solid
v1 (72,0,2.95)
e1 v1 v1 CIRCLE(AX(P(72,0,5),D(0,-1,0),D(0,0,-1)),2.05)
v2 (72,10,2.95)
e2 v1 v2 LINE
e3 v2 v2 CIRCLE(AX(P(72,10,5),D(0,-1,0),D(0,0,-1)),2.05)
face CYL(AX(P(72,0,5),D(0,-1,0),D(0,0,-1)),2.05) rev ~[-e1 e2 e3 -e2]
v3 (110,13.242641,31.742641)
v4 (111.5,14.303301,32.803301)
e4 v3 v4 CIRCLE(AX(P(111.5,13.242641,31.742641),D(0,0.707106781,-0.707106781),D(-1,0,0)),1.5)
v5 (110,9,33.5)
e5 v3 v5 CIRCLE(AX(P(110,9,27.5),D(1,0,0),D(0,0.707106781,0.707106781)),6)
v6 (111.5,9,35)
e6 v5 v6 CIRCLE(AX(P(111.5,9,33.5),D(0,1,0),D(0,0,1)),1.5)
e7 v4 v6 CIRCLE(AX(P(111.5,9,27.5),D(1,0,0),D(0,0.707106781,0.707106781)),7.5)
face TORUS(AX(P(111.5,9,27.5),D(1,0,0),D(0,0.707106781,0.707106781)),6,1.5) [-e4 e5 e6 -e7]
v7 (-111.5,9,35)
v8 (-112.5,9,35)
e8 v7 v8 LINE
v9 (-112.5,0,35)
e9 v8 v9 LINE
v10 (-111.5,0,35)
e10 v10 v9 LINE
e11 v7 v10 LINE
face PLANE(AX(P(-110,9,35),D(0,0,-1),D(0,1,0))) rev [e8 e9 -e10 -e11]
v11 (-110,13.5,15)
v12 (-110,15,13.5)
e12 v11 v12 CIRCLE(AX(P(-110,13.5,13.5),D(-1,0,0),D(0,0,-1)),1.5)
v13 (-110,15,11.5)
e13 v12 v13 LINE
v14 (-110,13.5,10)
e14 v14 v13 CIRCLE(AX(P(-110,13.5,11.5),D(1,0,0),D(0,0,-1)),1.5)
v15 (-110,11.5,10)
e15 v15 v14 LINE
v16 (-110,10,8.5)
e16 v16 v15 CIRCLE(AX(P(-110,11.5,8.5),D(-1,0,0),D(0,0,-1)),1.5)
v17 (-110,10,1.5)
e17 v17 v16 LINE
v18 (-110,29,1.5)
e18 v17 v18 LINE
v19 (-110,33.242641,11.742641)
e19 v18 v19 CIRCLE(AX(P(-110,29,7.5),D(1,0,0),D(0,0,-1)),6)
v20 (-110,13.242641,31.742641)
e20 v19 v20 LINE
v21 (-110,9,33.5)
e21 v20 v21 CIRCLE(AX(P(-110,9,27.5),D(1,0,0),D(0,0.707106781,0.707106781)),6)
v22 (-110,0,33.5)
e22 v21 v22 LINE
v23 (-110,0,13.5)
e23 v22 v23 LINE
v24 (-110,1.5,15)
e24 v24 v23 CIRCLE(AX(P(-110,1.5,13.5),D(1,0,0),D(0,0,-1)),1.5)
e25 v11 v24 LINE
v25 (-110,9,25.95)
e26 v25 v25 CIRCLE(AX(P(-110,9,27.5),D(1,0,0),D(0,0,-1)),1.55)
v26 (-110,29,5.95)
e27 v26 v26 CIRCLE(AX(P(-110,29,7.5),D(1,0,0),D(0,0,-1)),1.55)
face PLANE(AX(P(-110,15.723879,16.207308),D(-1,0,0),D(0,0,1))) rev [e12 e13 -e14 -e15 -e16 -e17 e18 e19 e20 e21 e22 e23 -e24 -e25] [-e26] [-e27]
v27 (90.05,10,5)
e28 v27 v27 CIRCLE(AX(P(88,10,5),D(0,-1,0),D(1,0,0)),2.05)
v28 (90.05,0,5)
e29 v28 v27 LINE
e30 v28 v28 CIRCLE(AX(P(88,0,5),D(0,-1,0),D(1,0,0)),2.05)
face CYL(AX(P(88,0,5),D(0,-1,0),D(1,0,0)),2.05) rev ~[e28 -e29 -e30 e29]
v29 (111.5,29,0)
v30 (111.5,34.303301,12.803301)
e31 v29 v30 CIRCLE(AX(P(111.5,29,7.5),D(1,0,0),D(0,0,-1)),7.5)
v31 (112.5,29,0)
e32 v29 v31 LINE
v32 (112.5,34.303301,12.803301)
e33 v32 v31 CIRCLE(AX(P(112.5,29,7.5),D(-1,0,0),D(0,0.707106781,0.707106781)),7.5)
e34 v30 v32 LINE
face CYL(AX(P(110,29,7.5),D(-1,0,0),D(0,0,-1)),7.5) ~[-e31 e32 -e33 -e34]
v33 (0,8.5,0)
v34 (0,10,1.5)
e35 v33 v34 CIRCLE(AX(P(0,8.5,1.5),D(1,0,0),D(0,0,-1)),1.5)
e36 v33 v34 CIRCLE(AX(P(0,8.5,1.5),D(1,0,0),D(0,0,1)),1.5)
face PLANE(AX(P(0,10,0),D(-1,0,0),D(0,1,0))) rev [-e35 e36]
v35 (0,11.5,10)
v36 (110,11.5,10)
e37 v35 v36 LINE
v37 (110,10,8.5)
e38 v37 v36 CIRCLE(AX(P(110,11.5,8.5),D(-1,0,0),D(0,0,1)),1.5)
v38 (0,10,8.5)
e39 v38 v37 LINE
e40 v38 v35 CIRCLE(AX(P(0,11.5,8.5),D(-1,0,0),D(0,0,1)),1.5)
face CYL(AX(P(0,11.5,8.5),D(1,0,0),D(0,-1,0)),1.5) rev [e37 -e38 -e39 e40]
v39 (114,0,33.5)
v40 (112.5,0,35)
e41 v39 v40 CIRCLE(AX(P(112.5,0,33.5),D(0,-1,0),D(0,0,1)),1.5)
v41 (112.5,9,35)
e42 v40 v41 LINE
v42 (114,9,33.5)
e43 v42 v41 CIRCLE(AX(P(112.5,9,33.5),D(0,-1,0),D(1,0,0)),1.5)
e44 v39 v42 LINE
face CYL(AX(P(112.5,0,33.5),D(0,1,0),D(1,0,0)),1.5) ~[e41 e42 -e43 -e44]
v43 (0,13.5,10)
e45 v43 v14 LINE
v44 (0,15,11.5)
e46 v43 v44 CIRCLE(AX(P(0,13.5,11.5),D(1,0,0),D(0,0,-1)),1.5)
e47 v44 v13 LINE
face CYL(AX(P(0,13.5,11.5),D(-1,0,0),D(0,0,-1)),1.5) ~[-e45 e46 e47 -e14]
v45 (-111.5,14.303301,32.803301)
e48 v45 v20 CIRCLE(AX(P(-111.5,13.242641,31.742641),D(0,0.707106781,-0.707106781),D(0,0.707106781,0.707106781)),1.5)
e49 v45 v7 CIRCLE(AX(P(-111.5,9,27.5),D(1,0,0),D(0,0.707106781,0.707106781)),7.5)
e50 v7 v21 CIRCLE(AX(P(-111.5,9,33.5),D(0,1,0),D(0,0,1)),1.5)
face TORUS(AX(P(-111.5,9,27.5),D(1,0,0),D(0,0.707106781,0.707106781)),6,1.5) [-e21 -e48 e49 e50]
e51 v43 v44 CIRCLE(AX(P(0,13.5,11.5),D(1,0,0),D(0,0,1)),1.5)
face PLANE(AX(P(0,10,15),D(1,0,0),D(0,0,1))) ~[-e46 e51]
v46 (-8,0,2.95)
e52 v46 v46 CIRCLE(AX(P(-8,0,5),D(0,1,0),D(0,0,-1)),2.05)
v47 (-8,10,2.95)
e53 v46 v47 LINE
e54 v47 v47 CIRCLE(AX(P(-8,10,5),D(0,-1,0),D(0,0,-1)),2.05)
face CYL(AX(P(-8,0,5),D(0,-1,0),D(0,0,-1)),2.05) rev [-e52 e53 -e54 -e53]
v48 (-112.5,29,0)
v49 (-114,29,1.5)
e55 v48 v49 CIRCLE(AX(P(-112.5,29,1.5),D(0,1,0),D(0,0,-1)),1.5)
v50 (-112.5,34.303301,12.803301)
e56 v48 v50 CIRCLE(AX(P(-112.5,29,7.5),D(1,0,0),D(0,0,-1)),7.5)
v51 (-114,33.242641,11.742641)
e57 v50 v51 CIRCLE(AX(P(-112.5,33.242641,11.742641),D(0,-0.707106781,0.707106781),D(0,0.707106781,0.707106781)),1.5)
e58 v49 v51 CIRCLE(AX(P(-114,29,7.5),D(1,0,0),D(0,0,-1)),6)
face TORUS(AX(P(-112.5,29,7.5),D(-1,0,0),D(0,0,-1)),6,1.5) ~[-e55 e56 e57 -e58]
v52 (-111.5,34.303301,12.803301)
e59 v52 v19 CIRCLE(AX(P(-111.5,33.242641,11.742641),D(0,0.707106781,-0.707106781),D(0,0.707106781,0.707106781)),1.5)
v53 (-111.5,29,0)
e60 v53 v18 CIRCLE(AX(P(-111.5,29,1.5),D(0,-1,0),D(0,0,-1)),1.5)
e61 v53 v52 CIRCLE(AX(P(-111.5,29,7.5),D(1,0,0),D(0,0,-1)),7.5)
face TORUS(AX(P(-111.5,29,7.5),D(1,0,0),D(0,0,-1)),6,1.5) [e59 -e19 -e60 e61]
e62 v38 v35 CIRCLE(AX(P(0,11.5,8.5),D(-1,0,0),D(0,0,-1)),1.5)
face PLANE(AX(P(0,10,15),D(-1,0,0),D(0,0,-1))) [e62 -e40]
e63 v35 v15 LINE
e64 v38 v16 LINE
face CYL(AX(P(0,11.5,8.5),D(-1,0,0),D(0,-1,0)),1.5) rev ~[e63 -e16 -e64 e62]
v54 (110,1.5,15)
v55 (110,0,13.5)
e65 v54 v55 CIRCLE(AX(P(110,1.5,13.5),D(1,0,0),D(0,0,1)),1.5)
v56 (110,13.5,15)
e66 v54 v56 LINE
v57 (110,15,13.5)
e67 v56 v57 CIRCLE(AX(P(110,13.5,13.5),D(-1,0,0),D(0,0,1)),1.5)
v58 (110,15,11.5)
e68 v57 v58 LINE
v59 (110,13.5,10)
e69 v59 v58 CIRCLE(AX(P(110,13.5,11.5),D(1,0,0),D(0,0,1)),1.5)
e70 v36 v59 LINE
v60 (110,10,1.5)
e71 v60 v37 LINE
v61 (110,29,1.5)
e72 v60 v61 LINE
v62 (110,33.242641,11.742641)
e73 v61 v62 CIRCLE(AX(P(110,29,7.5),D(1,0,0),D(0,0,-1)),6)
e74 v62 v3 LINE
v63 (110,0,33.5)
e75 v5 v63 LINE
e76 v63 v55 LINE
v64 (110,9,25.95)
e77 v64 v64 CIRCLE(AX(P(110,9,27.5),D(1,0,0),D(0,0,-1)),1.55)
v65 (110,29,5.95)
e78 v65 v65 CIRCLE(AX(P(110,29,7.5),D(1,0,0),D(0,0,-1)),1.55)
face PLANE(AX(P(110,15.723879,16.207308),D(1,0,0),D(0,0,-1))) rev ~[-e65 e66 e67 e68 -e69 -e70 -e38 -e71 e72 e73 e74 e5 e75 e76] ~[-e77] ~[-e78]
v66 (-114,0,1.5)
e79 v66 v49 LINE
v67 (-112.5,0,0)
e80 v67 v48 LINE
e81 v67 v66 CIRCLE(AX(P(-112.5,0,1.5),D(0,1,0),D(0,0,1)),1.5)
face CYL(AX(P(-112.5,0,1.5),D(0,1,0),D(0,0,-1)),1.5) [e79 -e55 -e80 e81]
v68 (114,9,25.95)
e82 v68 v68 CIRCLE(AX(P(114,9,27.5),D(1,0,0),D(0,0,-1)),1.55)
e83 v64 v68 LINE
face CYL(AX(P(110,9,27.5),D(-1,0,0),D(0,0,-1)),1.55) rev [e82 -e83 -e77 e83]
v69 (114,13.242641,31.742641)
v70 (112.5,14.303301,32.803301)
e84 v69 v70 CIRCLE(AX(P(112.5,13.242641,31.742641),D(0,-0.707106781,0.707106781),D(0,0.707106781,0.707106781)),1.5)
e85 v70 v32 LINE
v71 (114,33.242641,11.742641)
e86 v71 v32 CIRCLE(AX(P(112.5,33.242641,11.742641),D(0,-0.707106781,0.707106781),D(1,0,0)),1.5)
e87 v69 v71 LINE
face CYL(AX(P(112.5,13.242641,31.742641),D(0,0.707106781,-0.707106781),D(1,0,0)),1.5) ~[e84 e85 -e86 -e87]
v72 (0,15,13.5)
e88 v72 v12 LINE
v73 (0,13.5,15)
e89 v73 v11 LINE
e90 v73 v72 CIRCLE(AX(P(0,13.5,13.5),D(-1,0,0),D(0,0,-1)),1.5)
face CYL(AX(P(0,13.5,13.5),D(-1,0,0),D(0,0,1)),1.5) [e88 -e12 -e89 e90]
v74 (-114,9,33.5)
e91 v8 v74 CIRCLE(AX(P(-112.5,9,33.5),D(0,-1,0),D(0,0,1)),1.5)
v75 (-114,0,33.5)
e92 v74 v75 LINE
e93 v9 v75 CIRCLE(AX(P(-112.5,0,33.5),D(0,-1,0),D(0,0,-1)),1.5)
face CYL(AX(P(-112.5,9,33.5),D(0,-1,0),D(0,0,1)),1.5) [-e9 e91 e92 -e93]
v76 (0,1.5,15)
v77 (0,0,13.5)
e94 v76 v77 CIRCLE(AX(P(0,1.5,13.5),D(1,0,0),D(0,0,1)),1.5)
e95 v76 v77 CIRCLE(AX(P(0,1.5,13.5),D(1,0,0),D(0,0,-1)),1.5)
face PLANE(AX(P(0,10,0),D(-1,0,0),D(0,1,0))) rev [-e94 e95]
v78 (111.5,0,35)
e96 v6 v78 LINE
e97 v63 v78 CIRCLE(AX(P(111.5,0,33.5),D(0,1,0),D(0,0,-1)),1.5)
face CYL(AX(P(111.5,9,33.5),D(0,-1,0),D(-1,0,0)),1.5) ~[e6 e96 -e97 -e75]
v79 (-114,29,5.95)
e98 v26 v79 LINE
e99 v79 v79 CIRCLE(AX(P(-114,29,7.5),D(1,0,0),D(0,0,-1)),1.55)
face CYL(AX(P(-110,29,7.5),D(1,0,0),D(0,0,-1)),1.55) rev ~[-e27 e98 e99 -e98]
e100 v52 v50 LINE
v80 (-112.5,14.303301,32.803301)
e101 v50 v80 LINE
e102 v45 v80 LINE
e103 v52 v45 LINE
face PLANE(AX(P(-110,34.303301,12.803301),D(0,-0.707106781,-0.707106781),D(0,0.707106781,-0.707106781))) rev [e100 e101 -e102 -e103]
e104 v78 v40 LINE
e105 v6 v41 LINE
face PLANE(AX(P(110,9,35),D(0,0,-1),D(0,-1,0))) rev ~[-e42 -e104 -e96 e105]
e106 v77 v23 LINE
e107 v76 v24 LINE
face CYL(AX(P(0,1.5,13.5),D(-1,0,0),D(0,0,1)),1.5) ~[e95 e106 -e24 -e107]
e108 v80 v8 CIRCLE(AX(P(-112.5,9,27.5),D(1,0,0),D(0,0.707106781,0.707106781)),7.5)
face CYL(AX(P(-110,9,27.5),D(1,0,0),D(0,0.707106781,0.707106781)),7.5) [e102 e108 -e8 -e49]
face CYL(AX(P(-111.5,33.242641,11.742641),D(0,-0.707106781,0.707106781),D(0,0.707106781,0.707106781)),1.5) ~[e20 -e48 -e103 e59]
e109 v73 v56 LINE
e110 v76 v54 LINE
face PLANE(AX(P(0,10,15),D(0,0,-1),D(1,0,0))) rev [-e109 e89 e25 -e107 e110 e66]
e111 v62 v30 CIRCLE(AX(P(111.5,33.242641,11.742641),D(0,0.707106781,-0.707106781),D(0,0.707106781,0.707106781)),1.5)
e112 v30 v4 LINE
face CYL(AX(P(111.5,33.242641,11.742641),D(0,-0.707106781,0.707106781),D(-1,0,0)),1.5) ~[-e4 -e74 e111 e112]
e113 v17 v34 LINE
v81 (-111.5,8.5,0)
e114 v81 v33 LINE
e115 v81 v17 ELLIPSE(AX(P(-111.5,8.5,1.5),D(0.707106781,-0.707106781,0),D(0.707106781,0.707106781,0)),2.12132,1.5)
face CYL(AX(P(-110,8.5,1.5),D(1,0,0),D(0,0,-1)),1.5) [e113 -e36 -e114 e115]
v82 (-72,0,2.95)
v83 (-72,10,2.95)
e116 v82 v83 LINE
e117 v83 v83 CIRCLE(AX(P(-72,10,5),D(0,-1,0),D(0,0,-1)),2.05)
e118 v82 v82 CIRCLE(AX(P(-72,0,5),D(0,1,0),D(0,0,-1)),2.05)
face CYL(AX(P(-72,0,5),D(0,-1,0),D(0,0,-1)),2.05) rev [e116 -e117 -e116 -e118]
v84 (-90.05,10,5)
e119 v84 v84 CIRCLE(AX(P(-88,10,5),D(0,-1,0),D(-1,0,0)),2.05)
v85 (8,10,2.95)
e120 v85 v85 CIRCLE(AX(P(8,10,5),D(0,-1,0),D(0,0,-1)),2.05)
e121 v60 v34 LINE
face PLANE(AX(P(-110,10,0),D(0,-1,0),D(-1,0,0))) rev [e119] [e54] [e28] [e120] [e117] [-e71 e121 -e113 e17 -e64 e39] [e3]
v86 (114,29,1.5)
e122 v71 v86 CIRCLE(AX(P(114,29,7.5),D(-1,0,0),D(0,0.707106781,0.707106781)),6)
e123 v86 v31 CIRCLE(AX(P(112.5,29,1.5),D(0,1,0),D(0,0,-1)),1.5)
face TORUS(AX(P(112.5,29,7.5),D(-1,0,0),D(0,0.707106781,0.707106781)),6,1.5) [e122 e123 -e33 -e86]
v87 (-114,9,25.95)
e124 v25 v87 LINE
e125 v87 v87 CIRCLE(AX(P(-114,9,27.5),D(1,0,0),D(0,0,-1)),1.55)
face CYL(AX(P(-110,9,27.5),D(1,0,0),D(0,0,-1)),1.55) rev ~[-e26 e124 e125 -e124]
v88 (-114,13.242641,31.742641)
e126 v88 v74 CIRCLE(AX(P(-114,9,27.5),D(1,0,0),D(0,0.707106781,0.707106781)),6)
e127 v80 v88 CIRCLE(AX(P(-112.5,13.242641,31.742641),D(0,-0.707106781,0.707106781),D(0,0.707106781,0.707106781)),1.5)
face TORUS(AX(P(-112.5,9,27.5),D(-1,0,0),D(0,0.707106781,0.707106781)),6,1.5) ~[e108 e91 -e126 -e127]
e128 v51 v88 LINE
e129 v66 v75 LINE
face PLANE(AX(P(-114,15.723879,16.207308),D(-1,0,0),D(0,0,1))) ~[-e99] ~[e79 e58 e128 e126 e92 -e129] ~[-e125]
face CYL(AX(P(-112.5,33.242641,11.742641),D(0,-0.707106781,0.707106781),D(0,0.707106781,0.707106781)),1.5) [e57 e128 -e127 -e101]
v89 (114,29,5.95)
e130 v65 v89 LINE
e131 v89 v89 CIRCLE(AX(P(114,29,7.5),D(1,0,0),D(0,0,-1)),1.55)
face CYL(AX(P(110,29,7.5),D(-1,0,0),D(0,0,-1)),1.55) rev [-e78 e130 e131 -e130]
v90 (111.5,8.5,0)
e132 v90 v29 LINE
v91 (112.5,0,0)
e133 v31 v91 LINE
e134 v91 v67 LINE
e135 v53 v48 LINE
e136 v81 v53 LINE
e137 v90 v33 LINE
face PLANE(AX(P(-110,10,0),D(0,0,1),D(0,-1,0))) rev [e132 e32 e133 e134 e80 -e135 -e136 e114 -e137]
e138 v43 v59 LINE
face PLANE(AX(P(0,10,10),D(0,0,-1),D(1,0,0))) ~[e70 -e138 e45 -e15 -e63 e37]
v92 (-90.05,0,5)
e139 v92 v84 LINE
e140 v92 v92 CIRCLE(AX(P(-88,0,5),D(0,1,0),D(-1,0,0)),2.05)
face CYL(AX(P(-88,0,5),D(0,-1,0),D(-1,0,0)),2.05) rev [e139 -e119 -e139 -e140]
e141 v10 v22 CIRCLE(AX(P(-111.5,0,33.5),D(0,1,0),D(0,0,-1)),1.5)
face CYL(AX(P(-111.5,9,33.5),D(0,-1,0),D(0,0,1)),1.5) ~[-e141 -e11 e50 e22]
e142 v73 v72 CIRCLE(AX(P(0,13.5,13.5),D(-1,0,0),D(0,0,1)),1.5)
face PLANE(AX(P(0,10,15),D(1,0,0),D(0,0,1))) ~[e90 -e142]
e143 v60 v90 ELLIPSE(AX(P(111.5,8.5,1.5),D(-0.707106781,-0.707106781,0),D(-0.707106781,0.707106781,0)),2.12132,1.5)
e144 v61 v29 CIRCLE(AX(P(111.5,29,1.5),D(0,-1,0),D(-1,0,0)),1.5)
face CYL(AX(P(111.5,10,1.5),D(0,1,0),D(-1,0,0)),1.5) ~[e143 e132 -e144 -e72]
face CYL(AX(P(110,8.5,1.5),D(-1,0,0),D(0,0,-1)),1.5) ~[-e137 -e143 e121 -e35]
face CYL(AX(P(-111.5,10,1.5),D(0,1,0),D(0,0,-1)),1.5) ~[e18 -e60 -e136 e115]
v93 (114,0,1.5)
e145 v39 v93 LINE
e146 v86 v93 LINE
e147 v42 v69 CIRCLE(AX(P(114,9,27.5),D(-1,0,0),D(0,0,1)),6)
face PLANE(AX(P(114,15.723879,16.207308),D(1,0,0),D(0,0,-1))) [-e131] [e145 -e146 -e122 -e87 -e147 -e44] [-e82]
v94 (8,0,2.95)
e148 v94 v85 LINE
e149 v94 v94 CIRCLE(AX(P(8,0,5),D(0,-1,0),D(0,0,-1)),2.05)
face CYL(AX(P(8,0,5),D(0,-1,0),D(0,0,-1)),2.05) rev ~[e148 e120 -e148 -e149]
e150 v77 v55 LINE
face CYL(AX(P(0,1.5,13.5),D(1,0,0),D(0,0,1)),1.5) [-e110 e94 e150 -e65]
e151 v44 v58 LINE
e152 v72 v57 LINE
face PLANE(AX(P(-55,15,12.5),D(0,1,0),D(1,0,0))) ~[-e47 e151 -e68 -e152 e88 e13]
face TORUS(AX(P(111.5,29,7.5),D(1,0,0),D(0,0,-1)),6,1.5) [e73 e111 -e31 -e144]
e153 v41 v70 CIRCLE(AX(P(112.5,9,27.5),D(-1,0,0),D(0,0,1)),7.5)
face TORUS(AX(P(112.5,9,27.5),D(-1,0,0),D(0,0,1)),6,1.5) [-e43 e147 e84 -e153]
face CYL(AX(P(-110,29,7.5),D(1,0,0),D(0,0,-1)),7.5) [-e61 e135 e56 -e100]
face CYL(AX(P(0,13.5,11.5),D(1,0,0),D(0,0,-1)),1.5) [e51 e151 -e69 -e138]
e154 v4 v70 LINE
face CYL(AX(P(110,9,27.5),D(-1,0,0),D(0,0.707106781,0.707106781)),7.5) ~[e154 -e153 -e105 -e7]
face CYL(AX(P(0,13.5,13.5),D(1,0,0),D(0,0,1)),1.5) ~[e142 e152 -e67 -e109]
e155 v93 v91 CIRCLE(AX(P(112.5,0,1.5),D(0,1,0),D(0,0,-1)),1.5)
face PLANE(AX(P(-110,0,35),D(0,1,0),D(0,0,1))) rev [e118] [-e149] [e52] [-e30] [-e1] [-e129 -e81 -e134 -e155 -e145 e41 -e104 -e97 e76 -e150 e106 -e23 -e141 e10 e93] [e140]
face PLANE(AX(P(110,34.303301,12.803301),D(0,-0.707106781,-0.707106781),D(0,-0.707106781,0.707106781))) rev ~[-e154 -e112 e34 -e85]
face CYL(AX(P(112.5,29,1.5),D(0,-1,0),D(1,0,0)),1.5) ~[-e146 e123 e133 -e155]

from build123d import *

# Parameters (mm, degrees)
BOSS_EXTRU_1_DEPTH      = 15
ESQUISSE2_R             = 1.55
ESQUISSE2_W             = 15
ESQUISSE2_H             = 10
BOSS_EXTRU_2_DEPTH      = 4
ESQUISSE5_R             = 2.05
ENL_V_MAT_EXTRU_3_DEPTH = 125.712669765
ESQUISSE7_W             = 110
ESQUISSE7_H             = 5
BOSS_EXTRU_3_DEPTH      = 5
CONG_1_R                = 1.5
CONG_1_OF_SYM_TRIE5_R   = 1.5


with BuildPart() as part:
    # Esquisse1 → Boss.-Extru.1 (new body)
    with BuildSketch(Plane.XY):
        Polygon((0, 10), (0, 5), (0, 0), (110, 0), (110, 10), align=None)
    boss_extru_1 = extrude(amount=BOSS_EXTRU_1_DEPTH)

    # Esquisse2 → Boss.-Extru.2 (add)
    # profile 1 of 2: a face of its own
    with BuildSketch(Plane(origin=(110, 0, 0), x_dir=(0, 0, -1), z_dir=(1, 0, 0))):
        with BuildLine():
            ThreePointArc((0, 29), (-4.629874257, 35.929096494), (-12.803300859, 34.303300859))
            Line((-12.803300859, 34.303300859), (-32.803300859, 14.303300859))
            ThreePointArc((-32.803300859, 14.303300859), (-34.429096494, 11.870125743), (-35, 9))
            Line((-35, 9), (-35, 0))
            Line((-35, 0), (-15, 0))
            Line((-15, 0), (-15, 10))
            Line((-15, 10), (0, 10))
            Line((0, 10), (0, 29))
        make_face()
        with Locations((-27.5, 9)):
            Circle(ESQUISSE2_R, mode=Mode.SUBTRACT)
        with Locations((-7.5, 29)):
            Circle(ESQUISSE2_R, mode=Mode.SUBTRACT)
    # profile 2 of 2: a face of its own
    with BuildSketch(Plane(origin=(110, 0, 0), x_dir=(0, 0, -1), z_dir=(1, 0, 0))):
        with Locations((-7.5, 5)):
            Rectangle(ESQUISSE2_W, ESQUISSE2_H)
    boss_extru_2 = extrude(amount=BOSS_EXTRU_2_DEPTH)

    # Esquisse5 → Enlèv. mat.-Extru.3 (cut, through all)
    with BuildSketch(Plane.XZ):
        with Locations(Location((8, 5, 0), (0, 0, 270))):
            Circle(ESQUISSE5_R)
        with Locations(Location((72, 5, 0), (0, 0, 270))):
            Circle(ESQUISSE5_R)
        with Locations((88, 5)):
            Circle(ESQUISSE5_R)
    enl_v_mat_extru_3 = extrude(amount=-ENL_V_MAT_EXTRU_3_DEPTH, mode=Mode.SUBTRACT)

    # Esquisse7 → Boss.-Extru.3 (add)
    with BuildSketch(Plane(origin=(0, 10, 0), x_dir=(1, 0, 0), z_dir=(0, 1, 0))):
        with Locations((55, -12.5)):
            Rectangle(ESQUISSE7_W, ESQUISSE7_H)
    boss_extru_3 = extrude(amount=BOSS_EXTRU_3_DEPTH)

    # Congé1
    cong_1_edges = [part.edges().sort_by_distance(p)[0] for p in [
        (110, 35.929096494, 4.629874257),
        (110, 24.303300859, 22.803300859),
        (110, 11.870125743, 34.429096494),
        (110, 4.5, 35),
        (114, 14.5, 0),
        (110, 19.5, 0),
        (114, 35.929096494, 4.629874257),
        (114, 24.303300859, 22.803300859),
        (114, 11.870125743, 34.429096494),
        (114, 4.5, 35),
        (55, 0, 15),
        (55, 15, 10),
        (55, 15, 15),
        (55, 10, 10),
        (55, 10, 0),
    ]]
    fillet(cong_1_edges, radius=CONG_1_R)

    # Symétrie5: Boss.-Extru.1, Boss.-Extru.2, Enlèv. mat.-Extru.3, Boss.-Extru.3 across plane
    add(boss_extru_1.mirror(Plane(origin=(0, 5, 15), x_dir=(0, 0, 1), z_dir=(1, 0, 0))))
    add(boss_extru_2.mirror(Plane(origin=(0, 5, 15), x_dir=(0, 0, 1), z_dir=(1, 0, 0))))
    add(enl_v_mat_extru_3.mirror(Plane(origin=(0, 5, 15), x_dir=(0, 0, 1), z_dir=(1, 0, 0))), mode=Mode.SUBTRACT)
    add(boss_extru_3.mirror(Plane(origin=(0, 5, 15), x_dir=(0, 0, 1), z_dir=(1, 0, 0))))

    # Congé1 of Symétrie5
    cong_1_of_sym_trie5_edges = [part.edges().sort_by_distance(p)[0] for p in [
        (-110, 35.929096494, 4.629874257),
        (-110, 24.303300859, 22.803300859),
        (-110, 11.870125743, 34.429096494),
        (-110, 4.5, 35),
        (-114, 14.5, 0),
        (-110, 19.5, 0),
        (-114, 35.929096494, 4.629874257),
        (-114, 24.303300859, 22.803300859),
        (-114, 11.870125743, 34.429096494),
        (-114, 4.5, 35),
        (-55, 0, 15),
        (-55, 15, 10),
        (-55, 15, 15),
        (-55, 10, 10),
        (-55, 10, 0),
    ]]
    fillet(cong_1_of_sym_trie5_edges, radius=CONG_1_OF_SYM_TRIE5_R)


solid = part.part
